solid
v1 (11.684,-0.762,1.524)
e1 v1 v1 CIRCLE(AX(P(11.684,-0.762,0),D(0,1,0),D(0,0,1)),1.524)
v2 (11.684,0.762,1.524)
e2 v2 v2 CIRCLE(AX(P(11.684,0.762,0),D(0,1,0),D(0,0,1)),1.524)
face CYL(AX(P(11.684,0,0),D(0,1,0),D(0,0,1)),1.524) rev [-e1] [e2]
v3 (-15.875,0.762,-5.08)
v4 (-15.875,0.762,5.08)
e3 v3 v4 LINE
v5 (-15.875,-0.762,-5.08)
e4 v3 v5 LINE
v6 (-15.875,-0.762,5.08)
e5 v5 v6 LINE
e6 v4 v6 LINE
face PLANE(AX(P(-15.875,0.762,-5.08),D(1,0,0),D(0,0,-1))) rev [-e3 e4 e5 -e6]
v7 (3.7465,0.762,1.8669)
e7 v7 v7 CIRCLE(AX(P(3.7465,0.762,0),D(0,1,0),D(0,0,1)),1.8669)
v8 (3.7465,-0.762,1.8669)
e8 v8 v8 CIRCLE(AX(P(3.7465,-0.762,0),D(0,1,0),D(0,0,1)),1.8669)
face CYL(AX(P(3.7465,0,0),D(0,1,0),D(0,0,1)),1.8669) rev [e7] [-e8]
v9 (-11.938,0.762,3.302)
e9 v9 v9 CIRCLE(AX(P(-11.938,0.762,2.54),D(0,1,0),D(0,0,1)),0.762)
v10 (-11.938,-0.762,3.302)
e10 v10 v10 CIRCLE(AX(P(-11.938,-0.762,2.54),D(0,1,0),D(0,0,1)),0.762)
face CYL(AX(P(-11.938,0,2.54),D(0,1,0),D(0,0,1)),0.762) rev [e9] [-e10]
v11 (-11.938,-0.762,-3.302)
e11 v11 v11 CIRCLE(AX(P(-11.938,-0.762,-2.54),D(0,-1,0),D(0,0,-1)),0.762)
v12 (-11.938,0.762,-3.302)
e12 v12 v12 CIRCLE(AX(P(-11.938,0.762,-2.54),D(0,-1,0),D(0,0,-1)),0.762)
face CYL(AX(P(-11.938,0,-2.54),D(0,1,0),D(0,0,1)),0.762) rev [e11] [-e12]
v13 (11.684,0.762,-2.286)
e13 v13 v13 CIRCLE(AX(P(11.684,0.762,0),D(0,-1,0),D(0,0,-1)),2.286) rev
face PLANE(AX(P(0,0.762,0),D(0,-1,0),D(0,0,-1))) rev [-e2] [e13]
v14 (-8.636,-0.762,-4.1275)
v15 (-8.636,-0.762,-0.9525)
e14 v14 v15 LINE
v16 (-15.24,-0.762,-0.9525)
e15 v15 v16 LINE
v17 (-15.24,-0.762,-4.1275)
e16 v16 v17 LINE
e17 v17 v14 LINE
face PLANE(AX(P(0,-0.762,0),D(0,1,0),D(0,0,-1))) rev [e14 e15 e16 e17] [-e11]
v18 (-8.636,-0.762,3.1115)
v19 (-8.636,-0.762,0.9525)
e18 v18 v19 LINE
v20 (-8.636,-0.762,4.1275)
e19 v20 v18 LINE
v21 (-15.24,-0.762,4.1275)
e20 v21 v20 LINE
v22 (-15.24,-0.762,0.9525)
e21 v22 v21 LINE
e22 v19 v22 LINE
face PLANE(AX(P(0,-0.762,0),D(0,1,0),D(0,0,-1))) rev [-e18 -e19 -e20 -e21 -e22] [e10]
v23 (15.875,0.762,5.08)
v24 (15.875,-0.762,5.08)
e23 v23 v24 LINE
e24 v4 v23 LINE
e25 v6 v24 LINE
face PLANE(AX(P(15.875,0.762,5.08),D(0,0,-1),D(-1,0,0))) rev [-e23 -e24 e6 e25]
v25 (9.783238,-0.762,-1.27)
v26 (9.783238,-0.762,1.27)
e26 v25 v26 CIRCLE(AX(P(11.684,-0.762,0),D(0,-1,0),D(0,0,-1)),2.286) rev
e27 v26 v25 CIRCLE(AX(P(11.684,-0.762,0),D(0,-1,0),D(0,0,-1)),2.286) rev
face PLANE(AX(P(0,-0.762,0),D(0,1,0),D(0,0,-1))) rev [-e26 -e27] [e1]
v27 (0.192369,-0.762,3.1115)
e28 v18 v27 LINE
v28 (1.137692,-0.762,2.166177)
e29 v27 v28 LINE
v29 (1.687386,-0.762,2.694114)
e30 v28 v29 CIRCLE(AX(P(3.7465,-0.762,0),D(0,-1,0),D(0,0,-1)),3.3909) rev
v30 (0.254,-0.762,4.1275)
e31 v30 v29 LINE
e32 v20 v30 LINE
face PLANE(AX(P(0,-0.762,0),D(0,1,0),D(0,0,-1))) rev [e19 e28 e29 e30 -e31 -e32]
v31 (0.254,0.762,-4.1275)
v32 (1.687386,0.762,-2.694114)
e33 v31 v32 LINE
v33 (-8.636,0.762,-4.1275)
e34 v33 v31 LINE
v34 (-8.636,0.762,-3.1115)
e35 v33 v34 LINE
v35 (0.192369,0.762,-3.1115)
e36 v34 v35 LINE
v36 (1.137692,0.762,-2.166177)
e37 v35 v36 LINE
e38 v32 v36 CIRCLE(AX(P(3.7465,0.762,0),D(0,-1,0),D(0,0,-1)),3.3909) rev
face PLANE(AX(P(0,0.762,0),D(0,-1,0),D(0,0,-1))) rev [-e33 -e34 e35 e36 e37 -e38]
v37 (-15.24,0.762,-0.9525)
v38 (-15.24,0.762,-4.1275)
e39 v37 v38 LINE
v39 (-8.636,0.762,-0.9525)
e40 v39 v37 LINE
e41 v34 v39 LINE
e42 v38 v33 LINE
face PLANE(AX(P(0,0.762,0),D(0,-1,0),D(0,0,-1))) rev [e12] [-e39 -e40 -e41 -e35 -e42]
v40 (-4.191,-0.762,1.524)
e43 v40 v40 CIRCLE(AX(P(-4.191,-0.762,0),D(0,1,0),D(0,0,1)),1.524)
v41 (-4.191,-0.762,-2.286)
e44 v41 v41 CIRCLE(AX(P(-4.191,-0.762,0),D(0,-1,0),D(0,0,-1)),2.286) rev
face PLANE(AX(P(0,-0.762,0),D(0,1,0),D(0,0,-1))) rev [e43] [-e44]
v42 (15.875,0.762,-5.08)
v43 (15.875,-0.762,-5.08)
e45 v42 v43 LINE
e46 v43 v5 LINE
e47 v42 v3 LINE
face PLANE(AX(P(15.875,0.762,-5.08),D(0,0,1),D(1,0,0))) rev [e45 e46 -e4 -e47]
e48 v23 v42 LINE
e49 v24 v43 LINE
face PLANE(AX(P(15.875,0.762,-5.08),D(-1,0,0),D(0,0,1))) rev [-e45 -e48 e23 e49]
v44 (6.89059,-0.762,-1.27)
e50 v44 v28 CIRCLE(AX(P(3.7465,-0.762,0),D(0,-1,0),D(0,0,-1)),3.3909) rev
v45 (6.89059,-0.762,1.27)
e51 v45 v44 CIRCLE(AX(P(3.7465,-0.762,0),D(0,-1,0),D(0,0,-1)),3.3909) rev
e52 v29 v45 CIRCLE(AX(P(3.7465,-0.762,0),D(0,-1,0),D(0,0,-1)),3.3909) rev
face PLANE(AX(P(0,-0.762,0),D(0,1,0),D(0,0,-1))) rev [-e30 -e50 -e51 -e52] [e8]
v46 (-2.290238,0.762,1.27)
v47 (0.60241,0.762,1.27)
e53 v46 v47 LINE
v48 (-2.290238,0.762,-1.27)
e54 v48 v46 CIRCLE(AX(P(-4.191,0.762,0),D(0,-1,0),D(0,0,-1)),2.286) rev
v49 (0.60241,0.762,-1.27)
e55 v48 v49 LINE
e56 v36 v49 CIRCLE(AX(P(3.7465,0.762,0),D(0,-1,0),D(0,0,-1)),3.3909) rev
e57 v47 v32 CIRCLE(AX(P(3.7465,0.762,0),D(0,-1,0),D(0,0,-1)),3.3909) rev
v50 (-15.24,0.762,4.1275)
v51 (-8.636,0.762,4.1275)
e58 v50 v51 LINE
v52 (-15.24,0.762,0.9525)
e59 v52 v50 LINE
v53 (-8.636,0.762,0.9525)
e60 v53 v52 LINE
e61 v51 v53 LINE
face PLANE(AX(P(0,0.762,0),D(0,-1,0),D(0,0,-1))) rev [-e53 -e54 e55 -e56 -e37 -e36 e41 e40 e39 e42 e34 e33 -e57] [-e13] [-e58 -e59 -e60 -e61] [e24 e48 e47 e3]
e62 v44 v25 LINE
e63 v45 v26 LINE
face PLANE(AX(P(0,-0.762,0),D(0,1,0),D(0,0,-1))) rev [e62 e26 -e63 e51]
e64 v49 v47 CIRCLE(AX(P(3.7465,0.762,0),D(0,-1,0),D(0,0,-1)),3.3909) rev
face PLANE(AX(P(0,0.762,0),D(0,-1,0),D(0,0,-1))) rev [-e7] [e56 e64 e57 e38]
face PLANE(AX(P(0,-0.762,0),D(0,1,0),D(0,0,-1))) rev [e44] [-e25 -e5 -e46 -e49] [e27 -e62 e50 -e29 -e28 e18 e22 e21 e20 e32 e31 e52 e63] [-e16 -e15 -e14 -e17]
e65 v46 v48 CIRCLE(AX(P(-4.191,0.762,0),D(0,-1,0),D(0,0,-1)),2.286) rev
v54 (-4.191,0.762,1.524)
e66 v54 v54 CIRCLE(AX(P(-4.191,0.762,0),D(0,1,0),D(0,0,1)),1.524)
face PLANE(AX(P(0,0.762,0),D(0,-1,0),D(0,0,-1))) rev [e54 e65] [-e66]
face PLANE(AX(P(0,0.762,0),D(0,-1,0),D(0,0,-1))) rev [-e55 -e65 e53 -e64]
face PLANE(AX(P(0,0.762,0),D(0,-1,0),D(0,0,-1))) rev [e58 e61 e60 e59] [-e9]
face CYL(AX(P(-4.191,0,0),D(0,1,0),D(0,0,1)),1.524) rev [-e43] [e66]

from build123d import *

# Parameters (mm, degrees)
SKETCH2_W           = 31.75
SKETCH2_H           = 10.16
BOSS_EXTRUDE1_DEPTH = 0.762
SKETCH3_R           = 1.524
SKETCH3_R_2         = 1.8669
CUT_EXTRUDE1_DEPTH  = 1.762
SKETCH4_R           = 0.762
CUT_EXTRUDE2_DEPTH  = 1.762


with BuildPart() as part:
    # Sketch2 → Boss-Extrude1 (new body)
    with BuildSketch(Plane(origin=(0, 0, 0), x_dir=(1, 0, 0), z_dir=(0, 1, 0))):
        Rectangle(SKETCH2_W, SKETCH2_H)
    extrude(amount=BOSS_EXTRUDE1_DEPTH)

    # Sketch3 → Cut-Extrude1 (cut, through all)
    with BuildSketch(Plane(origin=(0, 0.762, 0), x_dir=(1, 0, 0), z_dir=(0, 1, 0))):
        with Locations((-4.191, 0)):
            Circle(SKETCH3_R)
        with Locations((3.7465, 0)):
            Circle(SKETCH3_R_2)
        with Locations((11.684, 0)):
            Circle(SKETCH3_R)
    extrude(amount=-CUT_EXTRUDE1_DEPTH, mode=Mode.SUBTRACT)

    # Sketch4 → Cut-Extrude2 (cut, through all)
    with BuildSketch(Plane(origin=(0, 0.762, 0), x_dir=(1, 0, 0), z_dir=(0, 1, 0))):
        with Locations((-11.938, -2.54)):
            Circle(SKETCH4_R)
    cut_extrude2 = extrude(amount=-CUT_EXTRUDE2_DEPTH, mode=Mode.SUBTRACT)

    # Mirror1: Cut-Extrude2 across plane
    add(cut_extrude2.mirror(Plane.XY), mode=Mode.SUBTRACT)

    # Mirror4: part across plane


with BuildPart() as part_1:
    add(part.part)
    add(part.part.mirror(Plane.ZX))


solid = part_1.part
